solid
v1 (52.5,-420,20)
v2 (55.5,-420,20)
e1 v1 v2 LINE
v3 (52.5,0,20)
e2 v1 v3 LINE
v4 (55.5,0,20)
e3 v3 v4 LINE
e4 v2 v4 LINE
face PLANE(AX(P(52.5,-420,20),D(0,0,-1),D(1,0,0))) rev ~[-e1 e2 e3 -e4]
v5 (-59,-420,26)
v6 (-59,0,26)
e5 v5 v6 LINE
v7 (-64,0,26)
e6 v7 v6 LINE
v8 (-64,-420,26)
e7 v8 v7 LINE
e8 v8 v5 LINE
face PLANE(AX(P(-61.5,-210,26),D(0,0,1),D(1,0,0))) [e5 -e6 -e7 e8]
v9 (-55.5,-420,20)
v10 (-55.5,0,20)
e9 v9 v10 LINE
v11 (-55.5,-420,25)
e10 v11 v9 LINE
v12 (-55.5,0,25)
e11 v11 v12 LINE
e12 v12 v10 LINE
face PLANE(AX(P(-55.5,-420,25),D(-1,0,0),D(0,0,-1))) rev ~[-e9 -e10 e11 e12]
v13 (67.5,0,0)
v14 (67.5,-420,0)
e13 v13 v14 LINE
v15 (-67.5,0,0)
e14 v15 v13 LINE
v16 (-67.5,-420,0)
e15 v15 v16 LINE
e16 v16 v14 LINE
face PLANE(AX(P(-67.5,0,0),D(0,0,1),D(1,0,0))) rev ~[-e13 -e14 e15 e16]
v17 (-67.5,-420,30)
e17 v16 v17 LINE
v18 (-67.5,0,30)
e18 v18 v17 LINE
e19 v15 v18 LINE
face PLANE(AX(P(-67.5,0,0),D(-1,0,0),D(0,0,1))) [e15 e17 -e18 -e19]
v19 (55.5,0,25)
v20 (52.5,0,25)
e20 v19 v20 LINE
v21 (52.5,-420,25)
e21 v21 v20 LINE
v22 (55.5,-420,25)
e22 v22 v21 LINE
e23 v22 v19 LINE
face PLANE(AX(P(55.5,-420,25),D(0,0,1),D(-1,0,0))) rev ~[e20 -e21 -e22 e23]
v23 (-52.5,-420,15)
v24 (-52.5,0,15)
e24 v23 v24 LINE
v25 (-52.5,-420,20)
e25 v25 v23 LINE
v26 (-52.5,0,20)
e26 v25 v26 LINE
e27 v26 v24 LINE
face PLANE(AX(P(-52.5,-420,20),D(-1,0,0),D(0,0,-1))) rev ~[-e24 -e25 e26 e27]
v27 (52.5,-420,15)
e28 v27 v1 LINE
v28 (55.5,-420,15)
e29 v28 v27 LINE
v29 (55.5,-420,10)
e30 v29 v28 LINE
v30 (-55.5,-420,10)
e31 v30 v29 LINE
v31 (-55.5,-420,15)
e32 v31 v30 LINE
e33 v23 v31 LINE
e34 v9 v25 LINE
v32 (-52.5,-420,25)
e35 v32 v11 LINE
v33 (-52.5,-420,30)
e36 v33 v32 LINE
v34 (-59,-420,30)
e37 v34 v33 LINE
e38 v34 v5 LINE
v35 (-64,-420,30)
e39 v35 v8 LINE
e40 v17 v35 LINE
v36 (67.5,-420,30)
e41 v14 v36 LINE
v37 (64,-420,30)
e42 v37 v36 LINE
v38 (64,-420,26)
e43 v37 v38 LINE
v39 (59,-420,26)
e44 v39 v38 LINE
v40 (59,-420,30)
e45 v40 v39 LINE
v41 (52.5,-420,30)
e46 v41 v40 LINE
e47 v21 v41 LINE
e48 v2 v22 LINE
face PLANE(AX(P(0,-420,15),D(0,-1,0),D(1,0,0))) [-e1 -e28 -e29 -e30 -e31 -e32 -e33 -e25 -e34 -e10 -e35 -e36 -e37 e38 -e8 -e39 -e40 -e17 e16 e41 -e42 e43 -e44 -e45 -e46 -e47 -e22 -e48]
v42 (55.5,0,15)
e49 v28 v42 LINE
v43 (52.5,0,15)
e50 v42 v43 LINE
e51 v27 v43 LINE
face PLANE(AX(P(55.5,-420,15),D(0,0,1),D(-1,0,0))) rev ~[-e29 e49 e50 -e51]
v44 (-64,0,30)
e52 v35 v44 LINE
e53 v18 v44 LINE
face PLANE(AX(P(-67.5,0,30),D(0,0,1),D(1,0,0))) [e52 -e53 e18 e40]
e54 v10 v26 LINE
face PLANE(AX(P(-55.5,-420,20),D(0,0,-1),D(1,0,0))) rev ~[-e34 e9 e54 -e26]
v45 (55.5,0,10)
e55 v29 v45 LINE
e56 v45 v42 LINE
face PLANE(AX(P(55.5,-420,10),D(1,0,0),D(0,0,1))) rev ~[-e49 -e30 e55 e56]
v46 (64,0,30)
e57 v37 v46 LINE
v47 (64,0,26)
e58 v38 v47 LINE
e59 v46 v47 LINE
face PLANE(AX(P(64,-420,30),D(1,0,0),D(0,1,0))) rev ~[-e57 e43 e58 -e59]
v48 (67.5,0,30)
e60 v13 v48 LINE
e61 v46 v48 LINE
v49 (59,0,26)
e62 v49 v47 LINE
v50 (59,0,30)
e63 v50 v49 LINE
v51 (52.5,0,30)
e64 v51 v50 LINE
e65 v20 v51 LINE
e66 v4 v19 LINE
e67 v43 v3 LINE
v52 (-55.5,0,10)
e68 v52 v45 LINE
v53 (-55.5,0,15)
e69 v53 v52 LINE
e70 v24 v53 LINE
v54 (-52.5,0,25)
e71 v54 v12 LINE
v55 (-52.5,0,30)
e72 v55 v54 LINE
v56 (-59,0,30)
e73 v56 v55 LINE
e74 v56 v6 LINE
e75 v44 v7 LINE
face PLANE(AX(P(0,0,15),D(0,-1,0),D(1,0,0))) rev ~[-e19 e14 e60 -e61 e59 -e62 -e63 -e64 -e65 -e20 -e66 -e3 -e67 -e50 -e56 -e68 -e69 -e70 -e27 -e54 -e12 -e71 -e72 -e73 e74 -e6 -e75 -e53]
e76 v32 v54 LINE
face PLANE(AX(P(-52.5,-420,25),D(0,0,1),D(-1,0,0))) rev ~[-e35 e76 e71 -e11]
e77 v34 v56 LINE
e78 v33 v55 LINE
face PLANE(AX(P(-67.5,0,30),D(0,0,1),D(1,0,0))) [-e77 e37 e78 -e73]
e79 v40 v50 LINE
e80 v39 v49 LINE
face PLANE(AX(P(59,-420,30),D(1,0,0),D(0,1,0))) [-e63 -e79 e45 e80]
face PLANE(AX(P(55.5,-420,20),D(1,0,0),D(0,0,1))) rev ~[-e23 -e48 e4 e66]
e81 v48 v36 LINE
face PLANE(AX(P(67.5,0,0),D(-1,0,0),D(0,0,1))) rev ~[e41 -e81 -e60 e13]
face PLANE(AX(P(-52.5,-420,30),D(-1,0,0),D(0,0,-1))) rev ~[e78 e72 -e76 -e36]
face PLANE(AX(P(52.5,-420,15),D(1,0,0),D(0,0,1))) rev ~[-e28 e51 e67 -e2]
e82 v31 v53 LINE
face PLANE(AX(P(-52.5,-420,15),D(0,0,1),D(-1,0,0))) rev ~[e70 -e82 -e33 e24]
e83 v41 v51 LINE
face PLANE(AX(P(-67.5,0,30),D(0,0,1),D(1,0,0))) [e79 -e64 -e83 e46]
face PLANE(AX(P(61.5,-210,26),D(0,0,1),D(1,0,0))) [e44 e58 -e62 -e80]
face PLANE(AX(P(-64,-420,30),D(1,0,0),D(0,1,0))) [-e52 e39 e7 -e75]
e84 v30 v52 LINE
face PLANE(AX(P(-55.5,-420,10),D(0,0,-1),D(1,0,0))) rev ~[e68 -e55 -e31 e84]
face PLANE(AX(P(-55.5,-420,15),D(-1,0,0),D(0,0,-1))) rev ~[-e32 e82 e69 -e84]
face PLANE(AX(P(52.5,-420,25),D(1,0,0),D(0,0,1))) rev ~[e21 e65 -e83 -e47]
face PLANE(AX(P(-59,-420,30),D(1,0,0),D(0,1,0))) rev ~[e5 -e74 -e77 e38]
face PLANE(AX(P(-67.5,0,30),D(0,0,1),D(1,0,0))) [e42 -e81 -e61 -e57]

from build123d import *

# Parameters (mm, degrees)
F0_W     = 135
F0_H     = 30
F1_DEPTH = 420
F3_DEPTH = 420
F4_W     = 5
F4_H     = 420
F5_DEPTH = 4


with BuildPart() as f1:
    # F0 (on Front) → F1 (new body)
    with BuildSketch(Plane.XZ):
        with Locations((0, 15)):
            Rectangle(F0_W, F0_H)
    extrude(amount=F1_DEPTH)

    # F2 (on face) → F3 (cut)
    with BuildSketch(Plane.XZ.offset(420)):
        Polygon((0, 30), (-52.5, 30), (-52.5, 25), (-55.5, 25), (-55.5, 20), (-52.5, 20), (-52.5, 15), (-55.5, 15), (-55.5, 10), (0, 10), (55.5, 10), (55.5, 15), (52.5, 15), (52.5, 20), (55.5, 20), (55.5, 25), (52.5, 25), (52.5, 30), align=None)
    extrude(amount=-F3_DEPTH, mode=Mode.SUBTRACT)

    # F4 (on face) → F5 (cut)
    with BuildSketch(Plane.XY.offset(30)):
        with Locations((-61.5, -210)):
            Rectangle(F4_W, F4_H)
        with Locations((61.5, -210)):
            Rectangle(F4_W, F4_H)
    extrude(amount=-F5_DEPTH, mode=Mode.SUBTRACT)


solid = f1.part
